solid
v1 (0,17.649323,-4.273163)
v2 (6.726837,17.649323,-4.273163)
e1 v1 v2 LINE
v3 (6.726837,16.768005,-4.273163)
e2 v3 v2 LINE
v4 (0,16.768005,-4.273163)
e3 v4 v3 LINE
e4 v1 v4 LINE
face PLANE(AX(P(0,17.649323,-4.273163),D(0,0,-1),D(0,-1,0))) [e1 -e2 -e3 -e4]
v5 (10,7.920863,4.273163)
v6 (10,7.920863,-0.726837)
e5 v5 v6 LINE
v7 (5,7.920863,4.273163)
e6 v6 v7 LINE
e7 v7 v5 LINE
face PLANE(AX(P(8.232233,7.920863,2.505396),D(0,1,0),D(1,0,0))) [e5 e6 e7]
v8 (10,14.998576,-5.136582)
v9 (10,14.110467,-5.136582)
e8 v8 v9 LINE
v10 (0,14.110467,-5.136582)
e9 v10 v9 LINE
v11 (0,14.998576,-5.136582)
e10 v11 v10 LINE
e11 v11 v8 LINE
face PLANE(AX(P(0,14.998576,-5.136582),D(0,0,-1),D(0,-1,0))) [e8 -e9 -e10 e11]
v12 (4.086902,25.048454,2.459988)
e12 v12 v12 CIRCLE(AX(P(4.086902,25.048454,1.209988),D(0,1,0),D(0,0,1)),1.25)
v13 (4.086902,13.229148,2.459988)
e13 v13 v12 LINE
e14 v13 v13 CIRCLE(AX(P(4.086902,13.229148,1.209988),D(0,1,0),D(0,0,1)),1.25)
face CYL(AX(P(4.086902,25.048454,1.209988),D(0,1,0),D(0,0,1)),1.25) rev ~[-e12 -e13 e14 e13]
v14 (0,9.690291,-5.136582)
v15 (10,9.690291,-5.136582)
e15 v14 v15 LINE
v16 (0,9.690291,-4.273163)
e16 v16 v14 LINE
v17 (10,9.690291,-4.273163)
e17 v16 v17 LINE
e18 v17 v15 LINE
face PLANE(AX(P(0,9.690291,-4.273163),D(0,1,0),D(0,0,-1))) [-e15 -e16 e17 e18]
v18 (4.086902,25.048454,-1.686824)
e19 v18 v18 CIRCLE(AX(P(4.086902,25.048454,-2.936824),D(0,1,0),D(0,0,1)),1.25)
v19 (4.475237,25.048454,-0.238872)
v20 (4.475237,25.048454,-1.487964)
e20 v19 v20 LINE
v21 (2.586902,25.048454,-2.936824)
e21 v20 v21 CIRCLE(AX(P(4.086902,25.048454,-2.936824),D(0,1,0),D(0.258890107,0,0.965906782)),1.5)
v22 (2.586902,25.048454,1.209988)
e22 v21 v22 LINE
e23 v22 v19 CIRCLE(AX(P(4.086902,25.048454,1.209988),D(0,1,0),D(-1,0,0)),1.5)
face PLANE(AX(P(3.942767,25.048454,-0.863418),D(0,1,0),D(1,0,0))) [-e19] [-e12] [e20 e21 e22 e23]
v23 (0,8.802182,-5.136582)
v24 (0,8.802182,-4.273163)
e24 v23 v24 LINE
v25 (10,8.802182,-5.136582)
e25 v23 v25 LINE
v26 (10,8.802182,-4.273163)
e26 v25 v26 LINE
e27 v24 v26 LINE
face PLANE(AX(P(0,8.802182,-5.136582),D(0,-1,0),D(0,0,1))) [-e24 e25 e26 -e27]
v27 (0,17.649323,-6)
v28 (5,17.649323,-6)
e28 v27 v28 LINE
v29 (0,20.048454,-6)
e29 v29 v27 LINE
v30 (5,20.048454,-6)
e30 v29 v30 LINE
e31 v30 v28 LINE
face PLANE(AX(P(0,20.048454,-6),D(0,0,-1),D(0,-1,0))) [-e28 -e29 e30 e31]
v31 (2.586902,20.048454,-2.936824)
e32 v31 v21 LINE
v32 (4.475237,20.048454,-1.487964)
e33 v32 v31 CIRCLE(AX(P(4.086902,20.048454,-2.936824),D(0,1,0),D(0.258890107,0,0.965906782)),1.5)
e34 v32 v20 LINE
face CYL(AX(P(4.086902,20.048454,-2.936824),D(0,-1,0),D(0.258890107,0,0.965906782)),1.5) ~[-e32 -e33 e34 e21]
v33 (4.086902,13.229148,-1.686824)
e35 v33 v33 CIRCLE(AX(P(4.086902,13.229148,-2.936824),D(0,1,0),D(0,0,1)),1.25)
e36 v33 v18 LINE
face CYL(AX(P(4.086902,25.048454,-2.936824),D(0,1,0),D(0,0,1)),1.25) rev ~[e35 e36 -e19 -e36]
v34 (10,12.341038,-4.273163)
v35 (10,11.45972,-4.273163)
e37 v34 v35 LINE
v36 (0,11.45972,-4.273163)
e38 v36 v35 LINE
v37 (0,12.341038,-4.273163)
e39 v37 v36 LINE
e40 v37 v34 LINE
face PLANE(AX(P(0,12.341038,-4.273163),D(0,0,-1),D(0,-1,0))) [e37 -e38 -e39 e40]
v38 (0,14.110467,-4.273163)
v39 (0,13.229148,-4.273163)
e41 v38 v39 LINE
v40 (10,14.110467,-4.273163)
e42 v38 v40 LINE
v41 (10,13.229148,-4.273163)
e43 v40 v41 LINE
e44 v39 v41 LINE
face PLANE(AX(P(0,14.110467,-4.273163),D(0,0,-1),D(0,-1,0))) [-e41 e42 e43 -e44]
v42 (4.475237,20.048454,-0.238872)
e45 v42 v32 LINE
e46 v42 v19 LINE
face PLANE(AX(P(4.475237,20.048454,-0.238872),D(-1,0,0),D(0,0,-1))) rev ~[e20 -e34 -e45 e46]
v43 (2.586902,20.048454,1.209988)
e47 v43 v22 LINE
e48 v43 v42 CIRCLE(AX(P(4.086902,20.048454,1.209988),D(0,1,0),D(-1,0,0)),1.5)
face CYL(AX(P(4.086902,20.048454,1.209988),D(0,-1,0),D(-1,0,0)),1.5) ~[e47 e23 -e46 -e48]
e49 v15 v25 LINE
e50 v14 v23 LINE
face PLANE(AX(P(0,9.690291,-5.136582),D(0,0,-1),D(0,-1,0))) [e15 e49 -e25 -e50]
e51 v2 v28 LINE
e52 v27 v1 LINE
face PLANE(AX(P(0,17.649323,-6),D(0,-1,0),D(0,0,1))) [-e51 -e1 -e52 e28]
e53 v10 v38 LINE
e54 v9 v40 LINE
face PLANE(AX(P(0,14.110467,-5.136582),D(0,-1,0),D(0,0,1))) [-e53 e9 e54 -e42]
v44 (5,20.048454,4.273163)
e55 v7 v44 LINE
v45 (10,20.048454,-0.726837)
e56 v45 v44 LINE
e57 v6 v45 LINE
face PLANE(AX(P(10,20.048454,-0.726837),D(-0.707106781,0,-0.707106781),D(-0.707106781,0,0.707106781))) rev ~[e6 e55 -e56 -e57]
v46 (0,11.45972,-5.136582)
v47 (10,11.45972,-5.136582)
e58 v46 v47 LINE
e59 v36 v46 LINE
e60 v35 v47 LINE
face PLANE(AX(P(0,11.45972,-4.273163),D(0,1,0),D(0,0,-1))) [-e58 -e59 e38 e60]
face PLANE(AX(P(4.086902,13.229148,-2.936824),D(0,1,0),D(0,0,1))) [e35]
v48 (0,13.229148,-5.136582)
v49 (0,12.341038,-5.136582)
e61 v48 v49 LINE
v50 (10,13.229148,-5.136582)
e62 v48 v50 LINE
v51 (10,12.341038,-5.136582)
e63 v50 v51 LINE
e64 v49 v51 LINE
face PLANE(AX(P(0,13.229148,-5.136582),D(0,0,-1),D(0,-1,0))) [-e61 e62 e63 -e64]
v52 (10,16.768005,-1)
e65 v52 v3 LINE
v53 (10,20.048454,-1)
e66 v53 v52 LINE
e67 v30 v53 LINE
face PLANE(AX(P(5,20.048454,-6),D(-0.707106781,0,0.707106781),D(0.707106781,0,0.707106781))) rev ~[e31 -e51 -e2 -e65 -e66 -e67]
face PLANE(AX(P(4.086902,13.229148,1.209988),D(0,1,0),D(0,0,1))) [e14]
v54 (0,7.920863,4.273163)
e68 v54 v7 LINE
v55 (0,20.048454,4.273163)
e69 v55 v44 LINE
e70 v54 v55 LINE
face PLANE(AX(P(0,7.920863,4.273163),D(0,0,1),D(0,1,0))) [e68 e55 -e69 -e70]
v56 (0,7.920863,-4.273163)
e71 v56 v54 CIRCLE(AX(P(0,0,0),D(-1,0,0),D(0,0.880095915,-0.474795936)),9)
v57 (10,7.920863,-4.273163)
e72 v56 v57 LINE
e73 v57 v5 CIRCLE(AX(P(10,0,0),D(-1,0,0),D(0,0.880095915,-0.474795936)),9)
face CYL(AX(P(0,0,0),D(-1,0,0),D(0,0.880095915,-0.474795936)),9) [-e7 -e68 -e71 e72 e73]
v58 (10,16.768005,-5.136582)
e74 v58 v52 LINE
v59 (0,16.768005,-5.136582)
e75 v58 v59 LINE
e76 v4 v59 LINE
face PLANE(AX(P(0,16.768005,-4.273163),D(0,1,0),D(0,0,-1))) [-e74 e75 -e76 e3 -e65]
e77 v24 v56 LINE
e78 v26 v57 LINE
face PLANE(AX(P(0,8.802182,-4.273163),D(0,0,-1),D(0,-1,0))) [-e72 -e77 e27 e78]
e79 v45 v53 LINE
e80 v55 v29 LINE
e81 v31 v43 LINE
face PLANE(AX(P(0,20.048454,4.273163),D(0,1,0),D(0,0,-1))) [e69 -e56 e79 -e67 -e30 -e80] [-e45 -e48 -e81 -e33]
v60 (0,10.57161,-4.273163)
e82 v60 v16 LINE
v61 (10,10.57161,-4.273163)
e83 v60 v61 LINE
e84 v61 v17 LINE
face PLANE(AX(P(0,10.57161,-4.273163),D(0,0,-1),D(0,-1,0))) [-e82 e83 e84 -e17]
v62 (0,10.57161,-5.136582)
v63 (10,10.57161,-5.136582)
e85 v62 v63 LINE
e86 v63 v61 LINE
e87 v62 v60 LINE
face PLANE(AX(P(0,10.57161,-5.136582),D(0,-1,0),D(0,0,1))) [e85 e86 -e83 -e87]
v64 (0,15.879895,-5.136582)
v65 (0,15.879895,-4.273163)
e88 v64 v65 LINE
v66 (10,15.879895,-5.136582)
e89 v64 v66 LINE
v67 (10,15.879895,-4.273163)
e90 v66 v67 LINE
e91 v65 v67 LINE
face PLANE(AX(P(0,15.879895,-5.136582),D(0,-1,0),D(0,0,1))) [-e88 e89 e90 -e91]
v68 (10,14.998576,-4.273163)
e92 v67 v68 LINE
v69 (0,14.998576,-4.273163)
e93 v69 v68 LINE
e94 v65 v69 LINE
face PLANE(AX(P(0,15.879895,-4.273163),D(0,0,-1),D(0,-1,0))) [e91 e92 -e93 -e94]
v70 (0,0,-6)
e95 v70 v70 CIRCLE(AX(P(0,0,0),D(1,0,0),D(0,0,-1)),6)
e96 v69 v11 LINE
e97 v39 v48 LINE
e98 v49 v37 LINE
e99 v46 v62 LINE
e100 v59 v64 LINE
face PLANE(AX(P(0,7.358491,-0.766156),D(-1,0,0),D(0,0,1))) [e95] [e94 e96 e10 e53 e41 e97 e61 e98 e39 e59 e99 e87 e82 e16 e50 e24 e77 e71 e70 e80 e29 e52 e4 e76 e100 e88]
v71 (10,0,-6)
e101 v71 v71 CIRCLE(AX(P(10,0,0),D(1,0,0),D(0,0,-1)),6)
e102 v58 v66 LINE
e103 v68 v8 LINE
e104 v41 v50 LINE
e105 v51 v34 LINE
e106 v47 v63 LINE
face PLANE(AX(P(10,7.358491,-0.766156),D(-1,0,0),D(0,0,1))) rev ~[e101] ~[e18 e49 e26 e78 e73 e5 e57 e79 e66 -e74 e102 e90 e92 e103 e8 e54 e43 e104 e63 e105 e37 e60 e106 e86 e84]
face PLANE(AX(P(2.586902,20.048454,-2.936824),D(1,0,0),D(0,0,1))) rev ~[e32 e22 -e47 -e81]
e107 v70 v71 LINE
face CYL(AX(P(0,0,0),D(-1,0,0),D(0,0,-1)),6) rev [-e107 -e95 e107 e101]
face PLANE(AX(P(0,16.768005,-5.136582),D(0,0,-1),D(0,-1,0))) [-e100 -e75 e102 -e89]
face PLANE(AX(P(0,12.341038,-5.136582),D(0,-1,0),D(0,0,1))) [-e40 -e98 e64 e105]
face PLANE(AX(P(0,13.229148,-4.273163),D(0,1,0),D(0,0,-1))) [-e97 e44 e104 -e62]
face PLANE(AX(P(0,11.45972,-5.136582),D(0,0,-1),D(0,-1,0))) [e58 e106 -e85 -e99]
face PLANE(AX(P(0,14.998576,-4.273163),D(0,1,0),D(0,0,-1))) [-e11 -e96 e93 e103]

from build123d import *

# Parameters (mm, degrees)
SKETCH1_R           = 6
BOSS_EXTRUDE1_DEPTH = 10
CUT_EXTRUDE1_REACH  = 34.013
CUT_EXTRUDE2_START  = -12.127591
CUT_EXTRUDE2_DEPTH  = 8.847142
BOSS_EXTRUDE7_DEPTH = 5
SKETCH3_R           = 1.25
CUT_EXTRUDE3_DEPTH  = 5
SKETCH3_2_R         = 1.25
CUT_EXTRUDE4_DEPTH  = 11.819305932


with BuildPart() as part:
    # Sketch1 → Boss-Extrude1 (new body)
    with BuildSketch(Plane(origin=(0, 0, 0), x_dir=(0, 0, -1), z_dir=(1, 0, 0))):
        with BuildLine():
            Line((-4.273163423, 7.920863233), (-4.273163423, 20.04845395))
            Line((-4.273163423, 20.04845395), (6, 20.04845395))
            Line((6, 20.04845395), (6, 17.649323049))
            Line((6, 17.649323049), (4.273163423, 17.649323049))
            Line((4.273163423, 17.649323049), (4.273163423, 16.76800454))
            Line((4.273163423, 16.76800454), (5.136581711, 16.76800454))
            Line((5.136581711, 16.76800454), (5.136581711, 15.879894787))
            Line((5.136581711, 15.879894787), (4.273163423, 15.879894787))
            Line((4.273163423, 15.879894787), (4.273163423, 14.998576279))
            Line((4.273163423, 14.998576279), (5.136581711, 14.998576279))
            Line((5.136581711, 14.998576279), (5.136581711, 14.110466526))
            Line((5.136581711, 14.110466526), (4.273163423, 14.110466526))
            Line((4.273163423, 14.110466526), (4.273163423, 13.229148017))
            Line((4.273163423, 13.229148017), (5.136581711, 13.229148017))
            Line((5.136581711, 13.229148017), (5.136581711, 12.341038265))
            Line((5.136581711, 12.341038265), (4.273163423, 12.341038265))
            Line((4.273163423, 12.341038265), (4.273163423, 11.459719756))
            Line((4.273163423, 11.459719756), (5.136581711, 11.459719756))
            Line((5.136581711, 11.459719756), (5.136581711, 10.571610003))
            Line((5.136581711, 10.571610003), (4.273163423, 10.571610003))
            Line((4.273163423, 10.571610003), (4.273163423, 9.690291495))
            Line((4.273163423, 9.690291495), (5.136581711, 9.690291495))
            Line((5.136581711, 9.690291495), (5.136581711, 8.802181742))
            Line((5.136581711, 8.802181742), (4.273163423, 8.802181742))
            Line((4.273163423, 8.802181742), (4.273163423, 7.920863233))
            ThreePointArc((4.273163423, 7.920863233), (0, -9), (-4.273163423, 7.920863233))
        make_face()
        Circle(SKETCH1_R, mode=Mode.SUBTRACT)
    extrude(amount=BOSS_EXTRUDE1_DEPTH)

    # Cut-Extrude1: up to this face of the body (flat: up to its plane)
    cut_extrude1_end = Plane(part.part.faces().sort_by_distance((5, 16.76800454, -4.704872567))[0])
    # Sketch2 → Cut-Extrude1 (cut, up to the picked face)
    with BuildSketch(Plane(origin=(0, 20.04845395, 0), x_dir=(1, 0, 0), z_dir=(0, 1, 0)), mode=Mode.PRIVATE) as cut_extrude1_sk1:
        Polygon((10, 6), (5, 6), (10, 1), align=None)
    cut_extrude1_tool1 = split(extrude(cut_extrude1_sk1.sketch, amount=-CUT_EXTRUDE1_REACH, mode=Mode.PRIVATE), bisect_by=cut_extrude1_end, keep=Keep.BOTH, mode=Mode.PRIVATE)
    # Sketch2 → Cut-Extrude1 (cut, up to the picked face)
    with BuildSketch(Plane(origin=(0, 20.04845395, 0), x_dir=(1, 0, 0), z_dir=(0, 1, 0)), mode=Mode.PRIVATE) as cut_extrude1_sk2:
        Polygon((10, -4.273163423), (10, 0.726836577), (5, -4.273163423), align=None)
    cut_extrude1_tool2 = split(extrude(cut_extrude1_sk2.sketch, amount=-CUT_EXTRUDE1_REACH, mode=Mode.PRIVATE), bisect_by=cut_extrude1_end, keep=Keep.BOTH, mode=Mode.PRIVATE)
    add(cut_extrude1_tool1.solids().sort_by(Axis((8.333333, 20.048454, -4.333333), (0, -1, 0)))[0], mode=Mode.SUBTRACT)
    add(cut_extrude1_tool2.solids().sort_by(Axis((8.333333, 20.048454, 2.606497), (0, -1, 0)))[0], mode=Mode.SUBTRACT)

    # Sketch2<5> → Cut-Extrude2 (cut)
    with BuildSketch(Plane(origin=(0, 20.04845395, 0), x_dir=(1, 0, 0), z_dir=(0, 1, 0)).offset(CUT_EXTRUDE2_START)):
        Polygon((10, -4.273163423), (10, 0.726836577), (5, -4.273163423), align=None)
    extrude(amount=CUT_EXTRUDE2_DEPTH, mode=Mode.SUBTRACT)

    # Sketch2<6> → Boss-Extrude7 (add)
    with BuildSketch(Plane(origin=(0, 20.04845395, 0), x_dir=(1, 0, 0), z_dir=(0, 1, 0))):
        with BuildLine():
            Line((2.586901632, 2.936824491), (2.586901632, -1.209987914))
            ThreePointArc((2.586901632, -1.209987914), (5, -2.400051514), (4.475236793, 0.238872259))
            Line((4.475236793, 0.238872259), (4.475236793, 1.487964318))
            ThreePointArc((4.475236793, 1.487964318), (5, 4.126888091), (2.586901632, 2.936824491))
        make_face()
    extrude(amount=BOSS_EXTRUDE7_DEPTH)

    # Sketch3 → Cut-Extrude3 (cut)
    with BuildSketch(Plane(origin=(0, 25.04845395, 0), x_dir=(1, 0, 0), z_dir=(0, 1, 0))):
        with Locations(Location((4.086901632, 2.936824491, 0), (0, 0, 270))):
            Circle(SKETCH3_R)
        with Locations(Location((4.086901632, -1.209987914, 0), (0, 0, 270))):
            Circle(SKETCH3_R)
    extrude(amount=-CUT_EXTRUDE3_DEPTH, mode=Mode.SUBTRACT)

    # Sketch3<2> → Cut-Extrude4 (cut)
    with BuildSketch(Plane(origin=(0, 25.04845395, 0), x_dir=(1, 0, 0), z_dir=(0, 1, 0))):
        with Locations(Location((4.086901632, 2.936824491, 0), (0, 0, 270))):
            Circle(SKETCH3_2_R)
        with Locations(Location((4.086901632, -1.209987914, 0), (0, 0, 270))):
            Circle(SKETCH3_2_R)
    extrude(amount=-CUT_EXTRUDE4_DEPTH, mode=Mode.SUBTRACT)


solid = part.part
